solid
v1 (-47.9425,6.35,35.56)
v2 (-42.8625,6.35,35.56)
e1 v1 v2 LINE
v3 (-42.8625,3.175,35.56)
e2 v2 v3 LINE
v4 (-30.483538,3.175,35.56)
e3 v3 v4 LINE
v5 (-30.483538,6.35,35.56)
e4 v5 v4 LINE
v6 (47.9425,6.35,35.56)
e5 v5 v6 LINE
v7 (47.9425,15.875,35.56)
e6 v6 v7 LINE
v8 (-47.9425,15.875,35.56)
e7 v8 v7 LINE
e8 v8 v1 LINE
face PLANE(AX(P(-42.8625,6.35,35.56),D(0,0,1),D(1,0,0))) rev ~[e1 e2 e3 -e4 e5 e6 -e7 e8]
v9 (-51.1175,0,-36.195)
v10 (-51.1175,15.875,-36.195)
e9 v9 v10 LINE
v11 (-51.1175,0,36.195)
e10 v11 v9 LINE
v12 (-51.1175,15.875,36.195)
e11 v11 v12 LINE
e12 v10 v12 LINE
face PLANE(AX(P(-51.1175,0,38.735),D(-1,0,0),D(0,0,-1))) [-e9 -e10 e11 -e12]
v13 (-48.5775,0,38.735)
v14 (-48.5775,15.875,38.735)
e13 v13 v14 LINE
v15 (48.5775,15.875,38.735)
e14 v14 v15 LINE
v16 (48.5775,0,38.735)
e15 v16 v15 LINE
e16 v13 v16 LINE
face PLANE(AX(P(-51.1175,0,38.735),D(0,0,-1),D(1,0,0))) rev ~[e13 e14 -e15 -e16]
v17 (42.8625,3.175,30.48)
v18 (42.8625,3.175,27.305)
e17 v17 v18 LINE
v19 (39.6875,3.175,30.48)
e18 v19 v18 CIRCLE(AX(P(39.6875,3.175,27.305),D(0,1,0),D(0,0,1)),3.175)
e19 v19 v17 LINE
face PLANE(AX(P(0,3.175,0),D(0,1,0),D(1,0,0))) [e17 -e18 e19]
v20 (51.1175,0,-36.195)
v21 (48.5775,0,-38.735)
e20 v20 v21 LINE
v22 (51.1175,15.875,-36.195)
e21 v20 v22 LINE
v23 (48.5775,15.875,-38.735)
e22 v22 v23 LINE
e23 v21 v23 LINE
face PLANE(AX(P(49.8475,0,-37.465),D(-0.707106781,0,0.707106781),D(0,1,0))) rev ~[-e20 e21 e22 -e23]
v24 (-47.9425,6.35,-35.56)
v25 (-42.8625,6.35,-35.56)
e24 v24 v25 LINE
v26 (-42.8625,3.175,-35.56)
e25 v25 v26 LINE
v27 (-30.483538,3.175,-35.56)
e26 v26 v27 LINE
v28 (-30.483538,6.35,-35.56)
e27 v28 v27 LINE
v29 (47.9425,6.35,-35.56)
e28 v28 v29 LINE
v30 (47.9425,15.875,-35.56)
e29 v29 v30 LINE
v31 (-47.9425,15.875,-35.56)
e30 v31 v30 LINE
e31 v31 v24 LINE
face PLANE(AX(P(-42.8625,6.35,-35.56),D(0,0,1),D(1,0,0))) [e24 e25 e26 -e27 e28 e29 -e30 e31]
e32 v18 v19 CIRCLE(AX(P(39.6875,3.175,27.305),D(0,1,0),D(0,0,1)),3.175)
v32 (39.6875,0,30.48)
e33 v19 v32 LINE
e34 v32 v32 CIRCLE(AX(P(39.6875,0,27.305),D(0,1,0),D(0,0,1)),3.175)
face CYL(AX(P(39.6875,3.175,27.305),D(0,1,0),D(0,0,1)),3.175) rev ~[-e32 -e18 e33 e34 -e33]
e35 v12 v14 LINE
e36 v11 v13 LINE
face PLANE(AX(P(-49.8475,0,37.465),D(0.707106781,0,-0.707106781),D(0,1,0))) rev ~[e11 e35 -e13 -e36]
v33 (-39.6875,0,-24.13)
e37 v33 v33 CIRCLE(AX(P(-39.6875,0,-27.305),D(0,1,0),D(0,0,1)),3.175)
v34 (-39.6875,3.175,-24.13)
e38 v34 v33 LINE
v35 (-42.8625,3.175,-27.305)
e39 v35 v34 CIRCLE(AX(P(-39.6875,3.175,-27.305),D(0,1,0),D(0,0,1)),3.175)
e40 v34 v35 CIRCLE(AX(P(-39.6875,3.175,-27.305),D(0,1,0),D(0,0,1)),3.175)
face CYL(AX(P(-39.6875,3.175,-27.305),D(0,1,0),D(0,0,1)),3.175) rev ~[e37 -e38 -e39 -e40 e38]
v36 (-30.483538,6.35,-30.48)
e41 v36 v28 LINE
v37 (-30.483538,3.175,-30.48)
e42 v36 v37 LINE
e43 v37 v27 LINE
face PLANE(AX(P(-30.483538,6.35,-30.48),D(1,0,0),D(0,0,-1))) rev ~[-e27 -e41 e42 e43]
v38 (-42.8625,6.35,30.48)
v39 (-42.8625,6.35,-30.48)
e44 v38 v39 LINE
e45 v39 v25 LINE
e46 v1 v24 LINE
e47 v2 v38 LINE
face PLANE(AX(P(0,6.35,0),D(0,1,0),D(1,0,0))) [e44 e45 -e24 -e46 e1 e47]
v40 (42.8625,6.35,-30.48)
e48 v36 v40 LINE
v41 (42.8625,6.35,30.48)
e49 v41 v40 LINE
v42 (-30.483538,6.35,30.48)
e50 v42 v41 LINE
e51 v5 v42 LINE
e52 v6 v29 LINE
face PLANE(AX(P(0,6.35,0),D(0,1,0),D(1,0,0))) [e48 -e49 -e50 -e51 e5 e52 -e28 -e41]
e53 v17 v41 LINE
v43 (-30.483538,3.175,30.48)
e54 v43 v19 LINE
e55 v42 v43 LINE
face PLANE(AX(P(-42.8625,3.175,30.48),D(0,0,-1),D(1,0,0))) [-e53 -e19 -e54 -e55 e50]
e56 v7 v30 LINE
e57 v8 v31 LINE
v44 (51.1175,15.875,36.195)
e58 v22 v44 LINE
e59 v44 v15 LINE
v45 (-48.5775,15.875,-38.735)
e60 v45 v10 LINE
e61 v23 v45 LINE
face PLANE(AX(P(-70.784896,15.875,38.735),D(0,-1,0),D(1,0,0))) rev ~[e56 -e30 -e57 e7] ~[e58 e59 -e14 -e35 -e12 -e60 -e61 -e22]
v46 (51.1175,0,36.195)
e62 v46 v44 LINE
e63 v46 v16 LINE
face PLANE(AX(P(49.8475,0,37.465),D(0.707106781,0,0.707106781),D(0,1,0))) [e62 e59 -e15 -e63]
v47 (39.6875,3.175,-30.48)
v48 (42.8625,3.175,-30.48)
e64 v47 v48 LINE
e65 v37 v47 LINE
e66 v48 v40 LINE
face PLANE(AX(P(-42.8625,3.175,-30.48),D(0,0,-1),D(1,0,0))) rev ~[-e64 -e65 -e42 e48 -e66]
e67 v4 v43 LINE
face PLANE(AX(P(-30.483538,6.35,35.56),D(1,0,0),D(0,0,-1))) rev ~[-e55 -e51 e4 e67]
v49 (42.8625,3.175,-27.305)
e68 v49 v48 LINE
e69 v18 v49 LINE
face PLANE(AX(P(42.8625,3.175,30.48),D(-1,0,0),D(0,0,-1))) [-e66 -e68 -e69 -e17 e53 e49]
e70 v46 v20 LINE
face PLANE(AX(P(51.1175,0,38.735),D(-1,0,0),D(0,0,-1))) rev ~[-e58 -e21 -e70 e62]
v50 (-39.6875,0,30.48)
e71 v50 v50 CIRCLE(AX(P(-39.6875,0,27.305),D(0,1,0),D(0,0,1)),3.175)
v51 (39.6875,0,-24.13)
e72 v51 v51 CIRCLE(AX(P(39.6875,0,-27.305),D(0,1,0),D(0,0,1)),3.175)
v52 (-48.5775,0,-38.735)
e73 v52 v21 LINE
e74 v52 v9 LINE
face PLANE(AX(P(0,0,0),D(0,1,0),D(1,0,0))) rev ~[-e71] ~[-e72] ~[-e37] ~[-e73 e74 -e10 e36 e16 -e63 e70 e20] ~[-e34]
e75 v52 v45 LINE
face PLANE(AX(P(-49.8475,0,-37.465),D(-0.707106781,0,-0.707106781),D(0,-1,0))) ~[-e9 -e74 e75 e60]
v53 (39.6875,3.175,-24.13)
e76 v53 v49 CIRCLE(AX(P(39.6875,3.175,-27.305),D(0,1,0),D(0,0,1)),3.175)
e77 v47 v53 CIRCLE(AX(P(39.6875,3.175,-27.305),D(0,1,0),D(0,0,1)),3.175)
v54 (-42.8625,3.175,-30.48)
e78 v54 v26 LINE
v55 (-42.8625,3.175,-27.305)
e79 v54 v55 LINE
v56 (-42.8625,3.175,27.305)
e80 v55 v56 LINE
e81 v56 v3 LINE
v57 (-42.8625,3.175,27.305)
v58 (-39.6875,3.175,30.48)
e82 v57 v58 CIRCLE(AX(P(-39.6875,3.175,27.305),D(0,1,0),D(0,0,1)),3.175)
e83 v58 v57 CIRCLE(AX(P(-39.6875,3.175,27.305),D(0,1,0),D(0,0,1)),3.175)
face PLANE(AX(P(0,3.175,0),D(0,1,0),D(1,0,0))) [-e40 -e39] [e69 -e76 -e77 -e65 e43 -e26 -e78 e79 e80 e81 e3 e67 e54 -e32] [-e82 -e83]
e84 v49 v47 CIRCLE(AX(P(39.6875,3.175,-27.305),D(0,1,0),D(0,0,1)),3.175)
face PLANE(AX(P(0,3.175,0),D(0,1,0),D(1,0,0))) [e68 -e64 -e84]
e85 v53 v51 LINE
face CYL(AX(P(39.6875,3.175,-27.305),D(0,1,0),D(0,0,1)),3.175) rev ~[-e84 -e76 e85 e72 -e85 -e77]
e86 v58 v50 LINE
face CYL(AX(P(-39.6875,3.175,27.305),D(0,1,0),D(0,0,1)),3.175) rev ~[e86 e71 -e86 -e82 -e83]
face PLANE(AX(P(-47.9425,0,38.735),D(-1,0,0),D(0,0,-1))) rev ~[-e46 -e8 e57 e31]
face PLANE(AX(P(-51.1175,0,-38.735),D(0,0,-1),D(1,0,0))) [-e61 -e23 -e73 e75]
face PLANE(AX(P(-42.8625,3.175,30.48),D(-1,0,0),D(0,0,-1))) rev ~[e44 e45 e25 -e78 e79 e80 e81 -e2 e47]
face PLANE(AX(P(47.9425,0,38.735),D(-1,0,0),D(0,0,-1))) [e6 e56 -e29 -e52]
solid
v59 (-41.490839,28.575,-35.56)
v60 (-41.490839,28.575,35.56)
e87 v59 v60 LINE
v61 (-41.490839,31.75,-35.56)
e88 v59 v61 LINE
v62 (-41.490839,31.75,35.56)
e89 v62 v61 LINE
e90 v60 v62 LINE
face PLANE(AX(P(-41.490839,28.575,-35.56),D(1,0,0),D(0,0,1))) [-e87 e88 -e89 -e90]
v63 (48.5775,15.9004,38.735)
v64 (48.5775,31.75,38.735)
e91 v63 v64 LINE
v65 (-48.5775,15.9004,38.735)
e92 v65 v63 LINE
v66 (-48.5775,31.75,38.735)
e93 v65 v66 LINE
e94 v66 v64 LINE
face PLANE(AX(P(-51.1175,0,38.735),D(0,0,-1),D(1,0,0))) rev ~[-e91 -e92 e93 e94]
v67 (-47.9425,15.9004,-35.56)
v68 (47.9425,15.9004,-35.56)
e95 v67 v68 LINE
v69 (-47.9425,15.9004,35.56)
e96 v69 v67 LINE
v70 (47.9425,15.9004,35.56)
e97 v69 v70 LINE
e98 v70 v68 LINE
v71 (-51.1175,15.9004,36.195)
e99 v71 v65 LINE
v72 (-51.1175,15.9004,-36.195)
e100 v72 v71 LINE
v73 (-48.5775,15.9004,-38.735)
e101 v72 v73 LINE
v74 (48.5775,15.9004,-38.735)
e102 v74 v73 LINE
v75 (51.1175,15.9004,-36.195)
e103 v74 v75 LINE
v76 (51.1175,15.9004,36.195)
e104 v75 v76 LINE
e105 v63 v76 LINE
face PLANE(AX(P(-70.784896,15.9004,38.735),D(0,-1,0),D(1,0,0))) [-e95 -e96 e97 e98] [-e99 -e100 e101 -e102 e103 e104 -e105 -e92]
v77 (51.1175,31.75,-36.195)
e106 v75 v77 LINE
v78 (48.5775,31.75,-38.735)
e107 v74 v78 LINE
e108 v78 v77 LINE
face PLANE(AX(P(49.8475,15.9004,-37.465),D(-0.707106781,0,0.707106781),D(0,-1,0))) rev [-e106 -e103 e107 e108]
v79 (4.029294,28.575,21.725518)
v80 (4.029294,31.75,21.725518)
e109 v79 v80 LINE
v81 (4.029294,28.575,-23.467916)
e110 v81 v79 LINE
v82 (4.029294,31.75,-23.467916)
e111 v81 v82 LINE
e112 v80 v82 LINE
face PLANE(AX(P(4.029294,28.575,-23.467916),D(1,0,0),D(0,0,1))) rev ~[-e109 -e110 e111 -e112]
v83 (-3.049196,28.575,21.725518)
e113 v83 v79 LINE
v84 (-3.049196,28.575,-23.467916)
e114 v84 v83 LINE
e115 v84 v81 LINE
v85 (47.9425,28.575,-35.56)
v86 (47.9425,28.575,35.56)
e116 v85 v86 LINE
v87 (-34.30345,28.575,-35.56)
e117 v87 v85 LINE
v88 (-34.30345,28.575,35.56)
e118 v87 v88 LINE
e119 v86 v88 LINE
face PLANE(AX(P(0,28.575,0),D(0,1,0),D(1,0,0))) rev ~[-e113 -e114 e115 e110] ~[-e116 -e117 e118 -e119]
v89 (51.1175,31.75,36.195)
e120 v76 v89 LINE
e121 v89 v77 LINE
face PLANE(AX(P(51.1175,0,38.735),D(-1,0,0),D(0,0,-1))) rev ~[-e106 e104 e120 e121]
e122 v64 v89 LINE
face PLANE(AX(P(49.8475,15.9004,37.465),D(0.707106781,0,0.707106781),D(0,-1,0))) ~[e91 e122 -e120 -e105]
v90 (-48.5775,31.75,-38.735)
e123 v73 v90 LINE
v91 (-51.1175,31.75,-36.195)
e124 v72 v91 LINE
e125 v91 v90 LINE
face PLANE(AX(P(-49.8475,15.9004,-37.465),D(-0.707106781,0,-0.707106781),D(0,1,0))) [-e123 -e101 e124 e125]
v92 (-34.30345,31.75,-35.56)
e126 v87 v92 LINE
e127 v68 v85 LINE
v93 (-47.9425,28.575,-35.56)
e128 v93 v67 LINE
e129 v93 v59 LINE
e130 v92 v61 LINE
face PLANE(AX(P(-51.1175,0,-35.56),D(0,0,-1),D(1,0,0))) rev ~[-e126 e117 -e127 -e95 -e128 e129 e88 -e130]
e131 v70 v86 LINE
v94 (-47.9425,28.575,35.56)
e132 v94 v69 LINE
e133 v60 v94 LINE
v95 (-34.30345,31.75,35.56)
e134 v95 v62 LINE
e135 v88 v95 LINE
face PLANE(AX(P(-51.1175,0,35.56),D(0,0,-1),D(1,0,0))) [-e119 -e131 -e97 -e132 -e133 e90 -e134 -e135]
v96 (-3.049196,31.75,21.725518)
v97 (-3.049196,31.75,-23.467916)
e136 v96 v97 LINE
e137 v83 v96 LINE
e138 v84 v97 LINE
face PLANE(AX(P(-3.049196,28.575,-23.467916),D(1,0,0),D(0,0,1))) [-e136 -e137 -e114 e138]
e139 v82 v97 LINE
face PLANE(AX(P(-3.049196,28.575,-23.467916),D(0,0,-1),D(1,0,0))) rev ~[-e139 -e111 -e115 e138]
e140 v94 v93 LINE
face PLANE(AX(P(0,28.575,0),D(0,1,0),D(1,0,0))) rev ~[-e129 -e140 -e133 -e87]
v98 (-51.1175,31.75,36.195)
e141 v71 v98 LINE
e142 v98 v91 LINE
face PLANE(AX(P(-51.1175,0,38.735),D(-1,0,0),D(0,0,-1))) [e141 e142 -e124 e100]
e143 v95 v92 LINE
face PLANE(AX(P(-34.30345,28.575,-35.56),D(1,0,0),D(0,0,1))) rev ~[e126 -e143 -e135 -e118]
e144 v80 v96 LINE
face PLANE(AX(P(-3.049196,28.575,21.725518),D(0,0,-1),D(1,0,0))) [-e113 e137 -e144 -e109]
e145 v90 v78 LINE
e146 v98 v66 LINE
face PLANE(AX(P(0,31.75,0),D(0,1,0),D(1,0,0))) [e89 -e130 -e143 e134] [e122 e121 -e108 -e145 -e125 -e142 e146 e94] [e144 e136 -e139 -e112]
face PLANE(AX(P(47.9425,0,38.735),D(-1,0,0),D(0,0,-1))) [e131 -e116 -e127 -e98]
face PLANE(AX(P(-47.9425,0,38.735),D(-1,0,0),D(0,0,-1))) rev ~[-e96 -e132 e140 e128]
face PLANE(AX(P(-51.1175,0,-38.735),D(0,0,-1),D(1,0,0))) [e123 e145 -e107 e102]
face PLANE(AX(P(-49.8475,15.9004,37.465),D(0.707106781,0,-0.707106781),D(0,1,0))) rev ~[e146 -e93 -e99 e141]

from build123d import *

# Parameters (mm, degrees)
SKETCH1_W           = 102.235
SKETCH1_H           = 77.47
BOSS_EXTRUDE1_DEPTH = 31.75
SKETCH5_W           = 138.084997612
SKETCH5_H           = 0.0254
CUT_EXTRUDE4_DEPTH  = 99.095169128
SHELL1_T            = -3.175
SHELL2_T            = -3.175
SKETCH6_W           = 95.885
SKETCH6_H           = 71.12
SKETCH6_W_2         = 85.725
SKETCH6_H_2         = 60.96
BOSS_EXTRUDE2_DEPTH = 3.175
SKETCH7_W           = 12.378962441
SKETCH7_H           = 5.08
CUT_EXTRUDE5_DEPTH  = 3.175
SKETCH8_W           = 7.187389466
SKETCH8_H           = 71.12
SKETCH8_W_2         = 7.078489625
SKETCH8_H_2         = 45.193433761
CUT_EXTRUDE6_DEPTH  = 71.2134578
CHAMFER1_SIZE       = 2.54
CHAMFER2_SIZE       = 2.54
SKETCH9_R           = 3.175
CUT_EXTRUDE7_DEPTH  = 71.2134578


with BuildPart() as part:
    # Sketch1 → Boss-Extrude1 (new body)
    with BuildSketch(Plane(origin=(0, 0, 0), x_dir=(1, 0, 0), z_dir=(0, 1, 0))):
        Rectangle(SKETCH1_W, SKETCH1_H)
    extrude(amount=BOSS_EXTRUDE1_DEPTH)

    # Sketch5 → Cut-Extrude4 (cut, through all)
    with BuildSketch(Plane.XY.offset(38.735)):
        with Locations((-1.742397446, 15.8877)):
            Rectangle(SKETCH5_W, SKETCH5_H)
    extrude(amount=-CUT_EXTRUDE4_DEPTH, mode=Mode.SUBTRACT)


with BuildPart() as cut_extrude4_piece_1:
    # of the separate pieces the step leaves, piece 1, a body of its own (cut_extrude4_pieces)
    add(part.part.solids().sort_by_distance((-51.1175, 0, 38.735))[0])

    # Shell1
    shell1_openings = [cut_extrude4_piece_1.faces().sort_by_distance(p)[0] for p in [
        (0, 15.875, 0),
    ]]
    offset(amount=SHELL1_T, openings=shell1_openings, kind=Kind.INTERSECTION)

    # Sketch6 → Boss-Extrude2 (add)
    with BuildSketch(Plane(origin=(0, 3.175, 0), x_dir=(1, 0, 0), z_dir=(0, 1, 0))):
        Rectangle(SKETCH6_W, SKETCH6_H)
        Rectangle(SKETCH6_W_2, SKETCH6_H_2, mode=Mode.SUBTRACT)
    extrude(amount=BOSS_EXTRUDE2_DEPTH)

    # Sketch7 → Cut-Extrude5 (cut)
    with BuildSketch(Plane(origin=(0, 6.35, 0), x_dir=(1, 0, 0), z_dir=(0, 1, 0))):
        with Locations((-36.67301878, 33.02)):
            Rectangle(SKETCH7_W, SKETCH7_H)
        with Locations((-36.67301878, -33.02)):
            Rectangle(SKETCH7_W, SKETCH7_H)
    extrude(amount=-CUT_EXTRUDE5_DEPTH, mode=Mode.SUBTRACT)

    # Chamfer2
    chamfer2_edges = [cut_extrude4_piece_1.edges().sort_by_distance(p)[0] for p in [
        (-51.1175, 7.9375, 38.735),
        (-51.1175, 7.9375, -38.735),
        (51.1175, 7.9375, -38.735),
        (51.1175, 7.9375, 38.735),
    ]]
    chamfer(chamfer2_edges, length=CHAMFER2_SIZE)

    # Sketch9 → Cut-Extrude7 (cut, through all)
    with BuildSketch(Plane(origin=(0, 3.175, 0), x_dir=(1, 0, 0), z_dir=(0, 1, 0))):
        with Locations(Location((-39.6875, 27.305, 0), (0, 0, 270))):
            Circle(SKETCH9_R)
        with Locations(Location((39.6875, 27.305, 0), (0, 0, 270))):
            Circle(SKETCH9_R)
        with Locations(Location((39.6875, -27.305, 0), (0, 0, 270))):
            Circle(SKETCH9_R)
        with Locations(Location((-39.6875, -27.305, 0), (0, 0, 270))):
            Circle(SKETCH9_R)
    extrude(amount=-CUT_EXTRUDE7_DEPTH, mode=Mode.SUBTRACT)


with BuildPart() as cut_extrude4_piece_2:
    # of the separate pieces the step leaves, piece 2, a body of its own (cut_extrude4_pieces)
    add(part.part.solids().sort_by_distance((51.1175, 15.9004, 38.735))[0])

    # Shell2
    shell2_openings = [cut_extrude4_piece_2.faces().sort_by_distance(p)[0] for p in [
        (0, 15.9004, 0),
    ]]
    offset(amount=SHELL2_T, openings=shell2_openings, kind=Kind.INTERSECTION)

    # Sketch8 → Cut-Extrude6 (cut, through all)
    with BuildSketch(Plane.XZ.offset(-28.575)):
        with Locations((-37.897144455, 0)):
            Rectangle(SKETCH8_W, SKETCH8_H)
        with Locations((0.490049281, -0.871198724)):
            Rectangle(SKETCH8_W_2, SKETCH8_H_2)
    extrude(amount=-CUT_EXTRUDE6_DEPTH, mode=Mode.SUBTRACT)

    # Chamfer1
    chamfer1_edges = [cut_extrude4_piece_2.edges().sort_by_distance(p)[0] for p in [
        (-51.1175, 23.8252, 38.735),
        (51.1175, 23.8252, 38.735),
        (51.1175, 23.8252, -38.735),
        (-51.1175, 23.8252, -38.735),
    ]]
    chamfer(chamfer1_edges, length=CHAMFER1_SIZE)


solid = Compound([cut_extrude4_piece_1.part, cut_extrude4_piece_2.part])
